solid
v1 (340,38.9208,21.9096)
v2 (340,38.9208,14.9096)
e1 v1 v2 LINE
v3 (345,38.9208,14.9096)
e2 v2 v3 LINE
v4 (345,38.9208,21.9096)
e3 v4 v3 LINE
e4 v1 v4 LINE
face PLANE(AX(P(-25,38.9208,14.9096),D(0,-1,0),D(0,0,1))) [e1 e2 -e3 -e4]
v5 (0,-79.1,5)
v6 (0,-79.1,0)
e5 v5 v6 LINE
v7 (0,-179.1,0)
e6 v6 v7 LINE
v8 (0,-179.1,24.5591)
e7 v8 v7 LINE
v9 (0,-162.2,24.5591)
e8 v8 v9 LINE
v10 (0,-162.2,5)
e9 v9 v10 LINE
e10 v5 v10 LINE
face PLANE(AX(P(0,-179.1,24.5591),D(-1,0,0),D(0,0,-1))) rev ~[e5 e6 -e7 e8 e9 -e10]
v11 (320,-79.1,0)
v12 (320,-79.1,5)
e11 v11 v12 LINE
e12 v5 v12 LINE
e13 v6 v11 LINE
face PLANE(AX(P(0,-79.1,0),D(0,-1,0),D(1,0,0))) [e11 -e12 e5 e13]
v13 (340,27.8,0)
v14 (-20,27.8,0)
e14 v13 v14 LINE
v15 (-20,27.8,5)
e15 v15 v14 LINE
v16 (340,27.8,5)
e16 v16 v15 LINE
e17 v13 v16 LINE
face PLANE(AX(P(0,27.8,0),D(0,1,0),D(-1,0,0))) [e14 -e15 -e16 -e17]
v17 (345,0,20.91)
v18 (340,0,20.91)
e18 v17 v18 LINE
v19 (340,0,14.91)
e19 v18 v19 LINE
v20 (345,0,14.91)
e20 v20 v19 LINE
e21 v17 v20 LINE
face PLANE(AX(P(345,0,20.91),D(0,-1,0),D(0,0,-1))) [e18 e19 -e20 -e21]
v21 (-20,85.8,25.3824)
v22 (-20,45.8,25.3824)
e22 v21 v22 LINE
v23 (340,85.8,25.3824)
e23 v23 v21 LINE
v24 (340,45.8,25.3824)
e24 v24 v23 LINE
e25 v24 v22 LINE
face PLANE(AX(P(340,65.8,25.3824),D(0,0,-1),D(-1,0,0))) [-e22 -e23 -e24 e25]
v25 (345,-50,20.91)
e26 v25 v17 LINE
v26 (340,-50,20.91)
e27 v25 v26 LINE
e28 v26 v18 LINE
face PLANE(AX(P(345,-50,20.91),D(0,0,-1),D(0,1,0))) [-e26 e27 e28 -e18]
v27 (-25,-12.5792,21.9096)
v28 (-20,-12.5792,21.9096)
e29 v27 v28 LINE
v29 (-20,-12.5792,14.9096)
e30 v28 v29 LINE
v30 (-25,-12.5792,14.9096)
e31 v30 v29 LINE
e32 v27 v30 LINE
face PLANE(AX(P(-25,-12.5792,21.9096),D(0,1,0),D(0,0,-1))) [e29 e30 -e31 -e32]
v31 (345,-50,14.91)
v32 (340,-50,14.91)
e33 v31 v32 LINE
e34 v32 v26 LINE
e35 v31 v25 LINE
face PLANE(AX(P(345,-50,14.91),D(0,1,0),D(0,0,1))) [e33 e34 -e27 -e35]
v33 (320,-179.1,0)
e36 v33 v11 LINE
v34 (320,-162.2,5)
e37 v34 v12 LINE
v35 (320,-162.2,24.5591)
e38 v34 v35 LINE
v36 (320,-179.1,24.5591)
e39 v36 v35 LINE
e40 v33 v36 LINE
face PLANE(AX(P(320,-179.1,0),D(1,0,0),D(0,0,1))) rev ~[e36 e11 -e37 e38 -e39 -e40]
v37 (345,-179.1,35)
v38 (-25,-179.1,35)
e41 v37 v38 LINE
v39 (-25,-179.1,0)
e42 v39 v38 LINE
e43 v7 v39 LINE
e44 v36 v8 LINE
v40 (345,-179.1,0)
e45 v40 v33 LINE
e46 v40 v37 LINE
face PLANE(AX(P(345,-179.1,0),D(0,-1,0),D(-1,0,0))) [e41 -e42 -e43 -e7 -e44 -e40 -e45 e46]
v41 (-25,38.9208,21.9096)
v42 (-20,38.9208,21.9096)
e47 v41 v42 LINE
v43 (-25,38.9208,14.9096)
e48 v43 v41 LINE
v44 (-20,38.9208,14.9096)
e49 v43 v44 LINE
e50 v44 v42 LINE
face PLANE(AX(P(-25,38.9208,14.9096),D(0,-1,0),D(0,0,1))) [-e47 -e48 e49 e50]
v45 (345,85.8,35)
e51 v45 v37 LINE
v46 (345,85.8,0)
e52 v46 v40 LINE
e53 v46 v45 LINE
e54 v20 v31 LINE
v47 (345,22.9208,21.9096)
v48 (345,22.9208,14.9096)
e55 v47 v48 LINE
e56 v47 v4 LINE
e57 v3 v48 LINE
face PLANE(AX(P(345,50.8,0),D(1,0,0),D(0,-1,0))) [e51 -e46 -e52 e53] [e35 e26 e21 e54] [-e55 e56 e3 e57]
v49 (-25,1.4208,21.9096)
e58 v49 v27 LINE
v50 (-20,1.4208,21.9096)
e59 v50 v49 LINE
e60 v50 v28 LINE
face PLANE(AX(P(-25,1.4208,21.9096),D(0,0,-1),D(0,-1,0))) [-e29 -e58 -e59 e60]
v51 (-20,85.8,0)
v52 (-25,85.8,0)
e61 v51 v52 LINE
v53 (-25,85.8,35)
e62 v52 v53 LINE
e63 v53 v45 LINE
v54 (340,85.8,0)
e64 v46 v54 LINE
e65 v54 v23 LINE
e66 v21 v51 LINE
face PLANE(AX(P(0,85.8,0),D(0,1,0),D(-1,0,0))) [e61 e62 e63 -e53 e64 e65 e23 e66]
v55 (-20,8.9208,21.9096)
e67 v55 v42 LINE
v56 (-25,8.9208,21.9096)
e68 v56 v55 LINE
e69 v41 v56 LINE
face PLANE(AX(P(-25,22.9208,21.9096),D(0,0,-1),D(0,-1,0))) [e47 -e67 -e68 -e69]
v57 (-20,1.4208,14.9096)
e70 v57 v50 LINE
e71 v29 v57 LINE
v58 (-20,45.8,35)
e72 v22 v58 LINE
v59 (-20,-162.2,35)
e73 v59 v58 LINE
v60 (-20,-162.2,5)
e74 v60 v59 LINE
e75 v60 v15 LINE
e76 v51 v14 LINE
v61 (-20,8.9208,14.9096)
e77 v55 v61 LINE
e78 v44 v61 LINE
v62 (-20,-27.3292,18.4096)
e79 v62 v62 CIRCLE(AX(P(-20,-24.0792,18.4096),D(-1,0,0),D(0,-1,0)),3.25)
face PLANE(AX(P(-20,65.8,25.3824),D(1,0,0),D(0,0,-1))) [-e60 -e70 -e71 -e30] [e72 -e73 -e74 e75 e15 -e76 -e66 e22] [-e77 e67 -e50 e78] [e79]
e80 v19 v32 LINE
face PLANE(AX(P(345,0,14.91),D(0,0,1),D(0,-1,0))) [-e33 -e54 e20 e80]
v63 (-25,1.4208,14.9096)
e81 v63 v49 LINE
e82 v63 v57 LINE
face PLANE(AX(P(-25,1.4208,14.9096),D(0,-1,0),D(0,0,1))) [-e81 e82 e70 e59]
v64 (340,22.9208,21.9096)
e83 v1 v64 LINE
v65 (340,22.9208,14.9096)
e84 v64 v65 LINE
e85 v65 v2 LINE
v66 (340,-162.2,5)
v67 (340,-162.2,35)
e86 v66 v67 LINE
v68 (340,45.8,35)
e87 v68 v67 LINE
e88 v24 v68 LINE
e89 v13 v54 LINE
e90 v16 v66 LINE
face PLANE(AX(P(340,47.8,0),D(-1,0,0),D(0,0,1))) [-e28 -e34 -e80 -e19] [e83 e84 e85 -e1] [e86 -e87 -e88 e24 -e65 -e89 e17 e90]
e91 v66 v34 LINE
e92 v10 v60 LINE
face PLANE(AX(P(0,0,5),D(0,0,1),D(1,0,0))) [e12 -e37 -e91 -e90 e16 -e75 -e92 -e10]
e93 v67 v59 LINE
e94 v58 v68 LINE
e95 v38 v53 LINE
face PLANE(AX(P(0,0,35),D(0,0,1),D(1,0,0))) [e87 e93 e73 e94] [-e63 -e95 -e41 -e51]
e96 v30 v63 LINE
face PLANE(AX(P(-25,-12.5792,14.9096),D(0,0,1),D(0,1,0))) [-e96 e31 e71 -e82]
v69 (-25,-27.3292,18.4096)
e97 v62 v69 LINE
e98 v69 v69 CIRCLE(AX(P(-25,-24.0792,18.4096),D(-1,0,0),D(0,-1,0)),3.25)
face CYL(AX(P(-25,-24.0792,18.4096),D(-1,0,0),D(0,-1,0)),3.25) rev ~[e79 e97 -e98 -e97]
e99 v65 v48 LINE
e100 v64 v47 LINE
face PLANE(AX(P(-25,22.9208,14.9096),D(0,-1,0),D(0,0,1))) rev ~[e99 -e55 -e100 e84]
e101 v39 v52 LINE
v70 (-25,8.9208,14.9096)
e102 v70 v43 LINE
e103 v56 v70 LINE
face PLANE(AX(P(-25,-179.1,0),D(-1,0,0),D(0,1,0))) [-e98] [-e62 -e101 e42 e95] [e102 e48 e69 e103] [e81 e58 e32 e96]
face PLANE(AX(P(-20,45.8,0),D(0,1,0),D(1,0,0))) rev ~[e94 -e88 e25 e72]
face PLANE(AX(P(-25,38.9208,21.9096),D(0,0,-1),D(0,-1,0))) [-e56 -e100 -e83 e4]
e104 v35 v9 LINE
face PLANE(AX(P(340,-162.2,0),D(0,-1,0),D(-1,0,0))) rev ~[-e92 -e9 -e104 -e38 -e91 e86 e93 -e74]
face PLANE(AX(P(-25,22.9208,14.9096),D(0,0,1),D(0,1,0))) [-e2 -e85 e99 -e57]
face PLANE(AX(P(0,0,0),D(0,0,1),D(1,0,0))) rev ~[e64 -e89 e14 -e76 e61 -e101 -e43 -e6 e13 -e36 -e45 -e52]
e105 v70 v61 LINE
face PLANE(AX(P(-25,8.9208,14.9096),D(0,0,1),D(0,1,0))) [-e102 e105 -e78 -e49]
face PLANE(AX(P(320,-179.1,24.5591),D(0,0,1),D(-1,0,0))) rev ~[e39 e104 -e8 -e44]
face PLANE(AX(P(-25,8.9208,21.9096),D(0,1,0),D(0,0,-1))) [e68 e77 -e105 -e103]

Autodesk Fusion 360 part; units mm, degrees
sketch "Szkic1" plane through (0, 0, 0) normal (0, 0, 1) x (1, 0, 0)
  line L0 (-25, 50.8) -> (345, 50.8)
  line L1 (345, 50.8) -> (345, -179.1)
  line L2 (345, -179.1) -> (-25, -179.1)
  line L3 (-25, -179.1) -> (-25, 50.8)
  line L4 (-20, 45.8) -> (340, 45.8)
  line L5 (340, 45.8) -> (340, -162.2)
  line L6 (340, -162.2) -> (-20, -162.2)
  line L7 (-20, -162.2) -> (-20, 45.8)
  line L8 (-10, -50) -> (330, -50)
  line L9 (330, -50) -> (330, -160)
  line L10 (330, -160) -> (-10, -160)
  line L11 (-10, -160) -> (-10, -50)
  dimension "d1" = 370
  dimension "d2" = 229.9
  dimension "d3" = 360
  dimension "d4" = 208
  dimension "d5" = 5
  dimension "d6" = 16.9
extrude "Wyciągnięcie proste1" add sketch "Szkic1" along normal blind 35 contours L0 L1 L2 L3
extrude "Wyciągnięcie proste2" add sketch "Szkic1" along normal blind 5 contours L4 L5 L6 L7 | L8 L9 L10 L11
sketch "Szkic2" plane through (-25, 0, 0) normal (-1, 0, 0) x (0, -1, 0)
  line L0 (-50.8, 0) -> (179.1, 0)
  line L1 (179.1, 0) -> (179.1, 35)
  line L2 (179.1, 35) -> (-50.8, 35)
  line L3 (-50.8, 35) -> (-50.8, 0)
  line L4 (-22.9208, 21.9096) -> (-8.9208, 21.9096)
  line L5 (-8.9208, 21.9096) -> (-8.9208, 14.9096)
  line L6 (-8.9208, 14.9096) -> (-22.9208, 14.9096)
  line L7 (-22.9208, 14.9096) -> (-22.9208, 21.9096)
  line L8 (-38.9208, 21.9096) -> (-8.9208, 21.9096)
  line L9 (-8.9208, 21.9096) -> (-8.9208, 14.9096)
  line L10 (-8.9208, 14.9096) -> (-38.9208, 14.9096)
  line L11 (-38.9208, 14.9096) -> (-38.9208, 21.9096)
  line L12 (-1.4208, 21.9096) -> (12.5792, 21.9096)
  line L13 (12.5792, 21.9096) -> (12.5792, 14.9096)
  line L14 (12.5792, 14.9096) -> (-1.4208, 14.9096)
  line L15 (-1.4208, 14.9096) -> (-1.4208, 21.9096)
  circle A0 centre (24.0792, 18.4096) radius 3.25
  dimension "d11" = 14
  dimension "d12" = 7
  dimension "d13" = 30
  dimension "d14" = 7
  dimension "d15" = 14
  dimension "d16" = 7
  dimension "d17" = 7.5
  dimension "d18" = 6.5
  dimension "d19" = 11.5
extrude "Wyciągnięcie proste3" cut sketch "Szkic2" against normal blind 3 contours L4 L5 L6 L7 L8 L9 L10 | L12 L13 L14 L15 | A0
extrude "Wyciągnięcie proste4" cut 3 faces at (-22, 18.2542, 17.2429) (-22, -3.2458, 19.5763) (-22, -23.249, 17.192) along direction (1, 0, 0) blind 2
sketch "Szkic3" plane through (345, 0, 0) normal (1, 0, 0) x (0, 1, 0)
  line L0 (-179.1, 0) -> (50.8, 0)
  line L1 (50.8, 0) -> (50.8, 35)
  line L2 (50.8, 35) -> (-179.1, 35)
  line L3 (-179.1, 35) -> (-179.1, 0)
  line L4 (-50, 20.91) -> (0, 20.91)
  line L5 (0, 20.91) -> (0, 14.91)
  line L6 (0, 14.91) -> (-50, 14.91)
  line L7 (-50, 14.91) -> (-50, 20.91)
  line L8 (50.8, 0) -> (-179.1, 0)
  dimension "d24" = 50
  dimension "d25" = 6
  dimension "d26" = 14.91
extrude "Wyciągnięcie proste5" cut sketch "Szkic3" against normal blind 50 contours L4 L5 L6 L7
extrude "Wyciągnięcie proste6" cut sketch "Szkic2" against normal blind 450 contours L7 L8 L10 L11
sketch "Szkic4" plane through (0, -179.1, 0) normal (0, -1, 0) x (1, 0, 0)
  line L0 (-25, 0) -> (345, 0)
  line L1 (345, 0) -> (345, 35)
  line L2 (345, 35) -> (-25, 35)
  line L3 (-25, 35) -> (-25, 0)
  line L4 (0, 0) -> (320, 0)
  line L5 (320, 0) -> (320, 24.5591)
  line L6 (320, 24.5591) -> (0, 24.5591)
  line L7 (0, 24.5591) -> (0, 0)
  dimension "d31" = 320
  dimension "d32" = 25
extrude "Wyciągnięcie proste7" cut sketch "Szkic4" against normal blind 100 contours L0 L4 L5 L6 L7
extrude "Wyciągnięcie proste8" cut sketch "Szkic4" against normal blind 120 contours L0 L4 L5 L6 L7
extrude "Wyciągnięcie proste9" add sketch "Szkic1" along normal blind 5 contours L8 L9 L10 L11
extrude "Wyciągnięcie proste10" cut sketch "Szkic4" against normal blind 100 contours L0 L4 L5 L6 L7
sketch "Szkic5" plane through (0, 50.8, 0) normal (0, 1, 0) x (-1, 0, 0)
  line L0 (-345, 0) -> (25, 0)
  line L1 (25, 0) -> (25, 35)
  line L2 (25, 35) -> (-345, 35)
  line L3 (-345, 35) -> (-345, 0)
  line L4 (-345, 25.3824) -> (25, 25.3824)
  line L5 (25, 25.3824) -> (25, 0)
  line L6 (25, 0) -> (-345, 0)
  line L7 (-345, 0) -> (-345, 25.3824)
  line L8 (-340, 25.3824) -> (20, 25.3824)
  line L9 (20, 25.3824) -> (20, 0)
  line L10 (20, 0) -> (-340, 0)
  line L11 (-340, 0) -> (-340, 25.3824)
  dimension "d41" = 360
  dimension "d42" = 5
extrude "Wyciągnięcie proste11" add sketch "Szkic5" along normal blind 15 contours L0 L4 L6 L8 L9 L10 L11
extrude "Wyciągnięcie proste12" cut 1 faces at (220, 65.8, 16.9216) along direction (0, -1, 0) blind 18
extrude "Wyciągnięcie proste13" cut 1 faces at (220, 47.8, 16.9216) along direction (0, -1, 0) blind 20
extrude "Wyciągnięcie proste14" add sketch "Szkic5" along normal blind 35 contours L0 L3 L4 L6 L7 L11 | L1 L2 L3 L4 L8 | L0 L1 L4 L5 L6 L9
equation "d22 = 0 mm - 2.00 mm"
